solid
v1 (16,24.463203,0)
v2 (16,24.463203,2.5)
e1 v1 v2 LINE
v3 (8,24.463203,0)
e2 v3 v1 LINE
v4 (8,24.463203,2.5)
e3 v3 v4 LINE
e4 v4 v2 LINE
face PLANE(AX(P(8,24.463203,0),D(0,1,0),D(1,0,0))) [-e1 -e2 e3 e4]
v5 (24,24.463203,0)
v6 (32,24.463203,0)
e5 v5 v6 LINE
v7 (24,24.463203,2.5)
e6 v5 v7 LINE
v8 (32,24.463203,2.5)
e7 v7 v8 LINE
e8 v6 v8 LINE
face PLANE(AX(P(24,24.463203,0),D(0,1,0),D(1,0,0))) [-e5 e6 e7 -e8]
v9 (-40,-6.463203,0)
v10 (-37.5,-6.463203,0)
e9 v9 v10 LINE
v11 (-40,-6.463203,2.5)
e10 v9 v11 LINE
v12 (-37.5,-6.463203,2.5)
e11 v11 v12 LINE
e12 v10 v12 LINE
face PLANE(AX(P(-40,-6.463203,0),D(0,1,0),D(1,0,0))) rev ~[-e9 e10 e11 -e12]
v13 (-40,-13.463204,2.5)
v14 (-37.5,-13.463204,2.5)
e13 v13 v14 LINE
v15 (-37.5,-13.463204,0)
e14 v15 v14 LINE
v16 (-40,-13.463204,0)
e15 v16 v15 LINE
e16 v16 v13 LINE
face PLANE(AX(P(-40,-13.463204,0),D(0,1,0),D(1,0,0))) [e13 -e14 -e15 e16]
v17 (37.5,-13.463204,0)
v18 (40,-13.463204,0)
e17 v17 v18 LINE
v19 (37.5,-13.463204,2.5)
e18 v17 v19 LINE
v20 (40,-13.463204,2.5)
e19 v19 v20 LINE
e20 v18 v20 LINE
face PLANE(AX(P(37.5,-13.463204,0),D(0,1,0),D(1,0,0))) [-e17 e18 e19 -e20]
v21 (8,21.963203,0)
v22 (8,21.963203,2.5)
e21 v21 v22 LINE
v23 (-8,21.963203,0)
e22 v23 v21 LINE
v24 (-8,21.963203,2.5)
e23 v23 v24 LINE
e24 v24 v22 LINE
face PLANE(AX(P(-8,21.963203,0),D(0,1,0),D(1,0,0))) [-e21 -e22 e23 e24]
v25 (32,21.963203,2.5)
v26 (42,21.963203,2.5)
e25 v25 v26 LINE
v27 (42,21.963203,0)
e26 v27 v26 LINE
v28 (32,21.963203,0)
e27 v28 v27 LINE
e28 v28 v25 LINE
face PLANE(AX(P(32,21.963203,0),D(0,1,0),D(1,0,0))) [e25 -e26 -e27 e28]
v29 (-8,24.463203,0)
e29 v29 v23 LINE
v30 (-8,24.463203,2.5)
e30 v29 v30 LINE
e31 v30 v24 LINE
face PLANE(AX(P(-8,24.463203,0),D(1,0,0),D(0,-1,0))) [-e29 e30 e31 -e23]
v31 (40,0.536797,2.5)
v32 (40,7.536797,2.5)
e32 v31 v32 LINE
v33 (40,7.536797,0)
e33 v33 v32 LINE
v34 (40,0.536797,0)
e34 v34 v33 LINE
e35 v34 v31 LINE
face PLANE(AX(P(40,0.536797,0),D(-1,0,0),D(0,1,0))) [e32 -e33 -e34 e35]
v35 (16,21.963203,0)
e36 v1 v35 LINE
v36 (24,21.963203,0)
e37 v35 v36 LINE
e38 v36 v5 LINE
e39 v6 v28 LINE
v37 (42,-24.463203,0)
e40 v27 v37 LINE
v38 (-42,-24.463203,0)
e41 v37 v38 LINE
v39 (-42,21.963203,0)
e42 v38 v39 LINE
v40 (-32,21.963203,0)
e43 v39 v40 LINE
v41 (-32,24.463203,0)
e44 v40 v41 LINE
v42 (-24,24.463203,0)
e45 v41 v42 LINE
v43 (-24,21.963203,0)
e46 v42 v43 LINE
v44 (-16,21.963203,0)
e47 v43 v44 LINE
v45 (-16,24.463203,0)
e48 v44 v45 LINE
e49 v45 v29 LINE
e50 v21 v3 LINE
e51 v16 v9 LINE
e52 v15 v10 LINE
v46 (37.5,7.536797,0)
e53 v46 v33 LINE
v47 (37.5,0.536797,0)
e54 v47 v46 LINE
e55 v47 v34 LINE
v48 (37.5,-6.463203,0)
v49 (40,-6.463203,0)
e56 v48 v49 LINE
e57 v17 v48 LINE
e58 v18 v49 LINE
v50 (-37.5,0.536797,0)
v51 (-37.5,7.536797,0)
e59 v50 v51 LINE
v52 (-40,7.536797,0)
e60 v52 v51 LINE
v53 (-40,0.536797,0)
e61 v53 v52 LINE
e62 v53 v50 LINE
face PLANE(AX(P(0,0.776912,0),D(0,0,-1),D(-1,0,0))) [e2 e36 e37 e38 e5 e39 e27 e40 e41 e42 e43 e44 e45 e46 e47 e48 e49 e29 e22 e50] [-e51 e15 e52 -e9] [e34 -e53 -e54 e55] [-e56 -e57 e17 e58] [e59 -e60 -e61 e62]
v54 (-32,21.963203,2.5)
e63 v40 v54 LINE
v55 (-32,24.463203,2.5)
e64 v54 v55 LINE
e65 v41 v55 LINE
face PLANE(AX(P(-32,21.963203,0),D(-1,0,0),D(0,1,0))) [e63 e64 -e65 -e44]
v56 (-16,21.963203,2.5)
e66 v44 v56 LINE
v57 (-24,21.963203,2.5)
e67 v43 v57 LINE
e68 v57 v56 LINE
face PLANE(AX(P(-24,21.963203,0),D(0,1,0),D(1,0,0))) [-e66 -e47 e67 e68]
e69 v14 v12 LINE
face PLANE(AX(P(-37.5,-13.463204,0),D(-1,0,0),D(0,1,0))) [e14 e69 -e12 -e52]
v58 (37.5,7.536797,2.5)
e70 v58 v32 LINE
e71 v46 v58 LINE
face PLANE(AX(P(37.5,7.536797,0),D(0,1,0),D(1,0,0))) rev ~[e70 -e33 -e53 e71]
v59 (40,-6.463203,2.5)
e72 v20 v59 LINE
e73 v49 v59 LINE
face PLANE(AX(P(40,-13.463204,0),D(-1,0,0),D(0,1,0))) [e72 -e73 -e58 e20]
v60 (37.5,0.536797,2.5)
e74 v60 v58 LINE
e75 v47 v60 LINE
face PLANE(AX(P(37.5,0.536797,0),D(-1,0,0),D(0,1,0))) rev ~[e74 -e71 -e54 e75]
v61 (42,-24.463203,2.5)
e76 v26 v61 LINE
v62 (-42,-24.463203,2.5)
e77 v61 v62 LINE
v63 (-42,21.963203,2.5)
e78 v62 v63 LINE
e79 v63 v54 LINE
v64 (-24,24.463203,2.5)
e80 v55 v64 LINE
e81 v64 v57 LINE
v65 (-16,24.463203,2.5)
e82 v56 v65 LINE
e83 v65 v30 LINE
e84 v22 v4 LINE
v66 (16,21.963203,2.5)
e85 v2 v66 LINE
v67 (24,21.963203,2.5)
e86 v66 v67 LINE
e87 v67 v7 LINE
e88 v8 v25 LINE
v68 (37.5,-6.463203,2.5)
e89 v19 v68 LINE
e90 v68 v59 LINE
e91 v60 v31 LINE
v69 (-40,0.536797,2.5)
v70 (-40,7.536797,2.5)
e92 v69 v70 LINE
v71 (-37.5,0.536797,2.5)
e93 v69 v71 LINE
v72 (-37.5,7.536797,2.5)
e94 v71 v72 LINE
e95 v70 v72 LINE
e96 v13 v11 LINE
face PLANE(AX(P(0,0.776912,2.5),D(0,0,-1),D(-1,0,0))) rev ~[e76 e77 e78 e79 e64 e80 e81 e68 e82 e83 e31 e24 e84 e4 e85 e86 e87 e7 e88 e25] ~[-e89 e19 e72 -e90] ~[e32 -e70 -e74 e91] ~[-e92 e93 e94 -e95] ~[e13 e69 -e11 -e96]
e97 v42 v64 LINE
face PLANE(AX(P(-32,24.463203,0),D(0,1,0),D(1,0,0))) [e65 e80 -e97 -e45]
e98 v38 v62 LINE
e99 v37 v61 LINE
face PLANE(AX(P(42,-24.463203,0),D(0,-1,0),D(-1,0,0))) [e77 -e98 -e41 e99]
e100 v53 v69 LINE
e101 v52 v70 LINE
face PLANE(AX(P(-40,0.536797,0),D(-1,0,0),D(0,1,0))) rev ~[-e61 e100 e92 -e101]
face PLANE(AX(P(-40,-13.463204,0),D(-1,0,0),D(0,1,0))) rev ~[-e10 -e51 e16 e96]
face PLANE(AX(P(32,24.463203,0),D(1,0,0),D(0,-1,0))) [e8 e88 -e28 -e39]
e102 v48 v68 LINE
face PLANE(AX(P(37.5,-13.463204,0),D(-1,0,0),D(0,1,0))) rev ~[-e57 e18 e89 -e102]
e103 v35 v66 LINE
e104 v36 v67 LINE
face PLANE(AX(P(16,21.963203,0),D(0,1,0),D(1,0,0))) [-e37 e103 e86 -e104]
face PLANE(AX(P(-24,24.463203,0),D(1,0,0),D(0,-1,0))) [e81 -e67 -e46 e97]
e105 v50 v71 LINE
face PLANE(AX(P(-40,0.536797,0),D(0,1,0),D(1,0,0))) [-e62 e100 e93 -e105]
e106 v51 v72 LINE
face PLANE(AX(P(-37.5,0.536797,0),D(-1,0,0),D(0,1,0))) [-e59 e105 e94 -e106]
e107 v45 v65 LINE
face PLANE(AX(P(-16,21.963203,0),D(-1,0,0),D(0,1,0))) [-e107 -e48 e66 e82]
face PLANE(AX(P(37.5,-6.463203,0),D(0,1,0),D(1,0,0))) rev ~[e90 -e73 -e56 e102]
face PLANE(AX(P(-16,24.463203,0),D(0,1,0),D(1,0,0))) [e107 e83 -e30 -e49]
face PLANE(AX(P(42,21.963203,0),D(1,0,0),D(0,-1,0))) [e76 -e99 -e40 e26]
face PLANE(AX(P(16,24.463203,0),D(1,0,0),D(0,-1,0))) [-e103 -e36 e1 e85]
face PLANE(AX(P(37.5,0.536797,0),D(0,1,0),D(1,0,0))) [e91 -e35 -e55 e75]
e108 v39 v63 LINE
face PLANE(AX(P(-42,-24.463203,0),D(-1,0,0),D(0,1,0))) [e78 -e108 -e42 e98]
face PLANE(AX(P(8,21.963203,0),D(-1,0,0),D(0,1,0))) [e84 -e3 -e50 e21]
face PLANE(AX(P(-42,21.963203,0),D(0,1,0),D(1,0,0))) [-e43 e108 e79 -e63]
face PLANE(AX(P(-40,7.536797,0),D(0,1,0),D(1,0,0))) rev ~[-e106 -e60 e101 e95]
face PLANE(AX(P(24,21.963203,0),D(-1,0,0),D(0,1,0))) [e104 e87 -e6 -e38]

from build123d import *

# Parameters (mm, degrees)
SKETCH1_W           = 2.5
SKETCH1_H           = 7
BOSS_EXTRUDE1_DEPTH = 2.5


with BuildPart() as part:
    # Sketch1 → Boss-Extrude1 (new body)
    with BuildSketch(Plane.XY):
        Polygon((-16, 21.9632035), (-16, 24.4632035), (-8, 24.4632035), (-8, 21.9632035), (8, 21.9632035), (8, 24.4632035), (16, 24.4632035), (16, 21.9632035), (24, 21.9632035), (24, 24.4632035), (32, 24.4632035), (32, 21.9632035), (42, 21.9632035), (42, -24.4632035), (-42, -24.4632035), (-42, 21.9632035), (-32, 21.9632035), (-32, 24.4632035), (-24, 24.4632035), (-24, 21.9632035), align=None)
        with Locations((-38.75, 4.0367965)):
            Rectangle(SKETCH1_W, SKETCH1_H, mode=Mode.SUBTRACT)
        with Locations((-38.75, -9.9632035)):
            Rectangle(SKETCH1_W, SKETCH1_H, mode=Mode.SUBTRACT)
        with Locations((38.75, -9.9632035)):
            Rectangle(SKETCH1_W, SKETCH1_H, mode=Mode.SUBTRACT)
        with Locations((38.75, 4.0367965)):
            Rectangle(SKETCH1_W, SKETCH1_H, mode=Mode.SUBTRACT)
    extrude(amount=BOSS_EXTRUDE1_DEPTH)


solid = part.part
